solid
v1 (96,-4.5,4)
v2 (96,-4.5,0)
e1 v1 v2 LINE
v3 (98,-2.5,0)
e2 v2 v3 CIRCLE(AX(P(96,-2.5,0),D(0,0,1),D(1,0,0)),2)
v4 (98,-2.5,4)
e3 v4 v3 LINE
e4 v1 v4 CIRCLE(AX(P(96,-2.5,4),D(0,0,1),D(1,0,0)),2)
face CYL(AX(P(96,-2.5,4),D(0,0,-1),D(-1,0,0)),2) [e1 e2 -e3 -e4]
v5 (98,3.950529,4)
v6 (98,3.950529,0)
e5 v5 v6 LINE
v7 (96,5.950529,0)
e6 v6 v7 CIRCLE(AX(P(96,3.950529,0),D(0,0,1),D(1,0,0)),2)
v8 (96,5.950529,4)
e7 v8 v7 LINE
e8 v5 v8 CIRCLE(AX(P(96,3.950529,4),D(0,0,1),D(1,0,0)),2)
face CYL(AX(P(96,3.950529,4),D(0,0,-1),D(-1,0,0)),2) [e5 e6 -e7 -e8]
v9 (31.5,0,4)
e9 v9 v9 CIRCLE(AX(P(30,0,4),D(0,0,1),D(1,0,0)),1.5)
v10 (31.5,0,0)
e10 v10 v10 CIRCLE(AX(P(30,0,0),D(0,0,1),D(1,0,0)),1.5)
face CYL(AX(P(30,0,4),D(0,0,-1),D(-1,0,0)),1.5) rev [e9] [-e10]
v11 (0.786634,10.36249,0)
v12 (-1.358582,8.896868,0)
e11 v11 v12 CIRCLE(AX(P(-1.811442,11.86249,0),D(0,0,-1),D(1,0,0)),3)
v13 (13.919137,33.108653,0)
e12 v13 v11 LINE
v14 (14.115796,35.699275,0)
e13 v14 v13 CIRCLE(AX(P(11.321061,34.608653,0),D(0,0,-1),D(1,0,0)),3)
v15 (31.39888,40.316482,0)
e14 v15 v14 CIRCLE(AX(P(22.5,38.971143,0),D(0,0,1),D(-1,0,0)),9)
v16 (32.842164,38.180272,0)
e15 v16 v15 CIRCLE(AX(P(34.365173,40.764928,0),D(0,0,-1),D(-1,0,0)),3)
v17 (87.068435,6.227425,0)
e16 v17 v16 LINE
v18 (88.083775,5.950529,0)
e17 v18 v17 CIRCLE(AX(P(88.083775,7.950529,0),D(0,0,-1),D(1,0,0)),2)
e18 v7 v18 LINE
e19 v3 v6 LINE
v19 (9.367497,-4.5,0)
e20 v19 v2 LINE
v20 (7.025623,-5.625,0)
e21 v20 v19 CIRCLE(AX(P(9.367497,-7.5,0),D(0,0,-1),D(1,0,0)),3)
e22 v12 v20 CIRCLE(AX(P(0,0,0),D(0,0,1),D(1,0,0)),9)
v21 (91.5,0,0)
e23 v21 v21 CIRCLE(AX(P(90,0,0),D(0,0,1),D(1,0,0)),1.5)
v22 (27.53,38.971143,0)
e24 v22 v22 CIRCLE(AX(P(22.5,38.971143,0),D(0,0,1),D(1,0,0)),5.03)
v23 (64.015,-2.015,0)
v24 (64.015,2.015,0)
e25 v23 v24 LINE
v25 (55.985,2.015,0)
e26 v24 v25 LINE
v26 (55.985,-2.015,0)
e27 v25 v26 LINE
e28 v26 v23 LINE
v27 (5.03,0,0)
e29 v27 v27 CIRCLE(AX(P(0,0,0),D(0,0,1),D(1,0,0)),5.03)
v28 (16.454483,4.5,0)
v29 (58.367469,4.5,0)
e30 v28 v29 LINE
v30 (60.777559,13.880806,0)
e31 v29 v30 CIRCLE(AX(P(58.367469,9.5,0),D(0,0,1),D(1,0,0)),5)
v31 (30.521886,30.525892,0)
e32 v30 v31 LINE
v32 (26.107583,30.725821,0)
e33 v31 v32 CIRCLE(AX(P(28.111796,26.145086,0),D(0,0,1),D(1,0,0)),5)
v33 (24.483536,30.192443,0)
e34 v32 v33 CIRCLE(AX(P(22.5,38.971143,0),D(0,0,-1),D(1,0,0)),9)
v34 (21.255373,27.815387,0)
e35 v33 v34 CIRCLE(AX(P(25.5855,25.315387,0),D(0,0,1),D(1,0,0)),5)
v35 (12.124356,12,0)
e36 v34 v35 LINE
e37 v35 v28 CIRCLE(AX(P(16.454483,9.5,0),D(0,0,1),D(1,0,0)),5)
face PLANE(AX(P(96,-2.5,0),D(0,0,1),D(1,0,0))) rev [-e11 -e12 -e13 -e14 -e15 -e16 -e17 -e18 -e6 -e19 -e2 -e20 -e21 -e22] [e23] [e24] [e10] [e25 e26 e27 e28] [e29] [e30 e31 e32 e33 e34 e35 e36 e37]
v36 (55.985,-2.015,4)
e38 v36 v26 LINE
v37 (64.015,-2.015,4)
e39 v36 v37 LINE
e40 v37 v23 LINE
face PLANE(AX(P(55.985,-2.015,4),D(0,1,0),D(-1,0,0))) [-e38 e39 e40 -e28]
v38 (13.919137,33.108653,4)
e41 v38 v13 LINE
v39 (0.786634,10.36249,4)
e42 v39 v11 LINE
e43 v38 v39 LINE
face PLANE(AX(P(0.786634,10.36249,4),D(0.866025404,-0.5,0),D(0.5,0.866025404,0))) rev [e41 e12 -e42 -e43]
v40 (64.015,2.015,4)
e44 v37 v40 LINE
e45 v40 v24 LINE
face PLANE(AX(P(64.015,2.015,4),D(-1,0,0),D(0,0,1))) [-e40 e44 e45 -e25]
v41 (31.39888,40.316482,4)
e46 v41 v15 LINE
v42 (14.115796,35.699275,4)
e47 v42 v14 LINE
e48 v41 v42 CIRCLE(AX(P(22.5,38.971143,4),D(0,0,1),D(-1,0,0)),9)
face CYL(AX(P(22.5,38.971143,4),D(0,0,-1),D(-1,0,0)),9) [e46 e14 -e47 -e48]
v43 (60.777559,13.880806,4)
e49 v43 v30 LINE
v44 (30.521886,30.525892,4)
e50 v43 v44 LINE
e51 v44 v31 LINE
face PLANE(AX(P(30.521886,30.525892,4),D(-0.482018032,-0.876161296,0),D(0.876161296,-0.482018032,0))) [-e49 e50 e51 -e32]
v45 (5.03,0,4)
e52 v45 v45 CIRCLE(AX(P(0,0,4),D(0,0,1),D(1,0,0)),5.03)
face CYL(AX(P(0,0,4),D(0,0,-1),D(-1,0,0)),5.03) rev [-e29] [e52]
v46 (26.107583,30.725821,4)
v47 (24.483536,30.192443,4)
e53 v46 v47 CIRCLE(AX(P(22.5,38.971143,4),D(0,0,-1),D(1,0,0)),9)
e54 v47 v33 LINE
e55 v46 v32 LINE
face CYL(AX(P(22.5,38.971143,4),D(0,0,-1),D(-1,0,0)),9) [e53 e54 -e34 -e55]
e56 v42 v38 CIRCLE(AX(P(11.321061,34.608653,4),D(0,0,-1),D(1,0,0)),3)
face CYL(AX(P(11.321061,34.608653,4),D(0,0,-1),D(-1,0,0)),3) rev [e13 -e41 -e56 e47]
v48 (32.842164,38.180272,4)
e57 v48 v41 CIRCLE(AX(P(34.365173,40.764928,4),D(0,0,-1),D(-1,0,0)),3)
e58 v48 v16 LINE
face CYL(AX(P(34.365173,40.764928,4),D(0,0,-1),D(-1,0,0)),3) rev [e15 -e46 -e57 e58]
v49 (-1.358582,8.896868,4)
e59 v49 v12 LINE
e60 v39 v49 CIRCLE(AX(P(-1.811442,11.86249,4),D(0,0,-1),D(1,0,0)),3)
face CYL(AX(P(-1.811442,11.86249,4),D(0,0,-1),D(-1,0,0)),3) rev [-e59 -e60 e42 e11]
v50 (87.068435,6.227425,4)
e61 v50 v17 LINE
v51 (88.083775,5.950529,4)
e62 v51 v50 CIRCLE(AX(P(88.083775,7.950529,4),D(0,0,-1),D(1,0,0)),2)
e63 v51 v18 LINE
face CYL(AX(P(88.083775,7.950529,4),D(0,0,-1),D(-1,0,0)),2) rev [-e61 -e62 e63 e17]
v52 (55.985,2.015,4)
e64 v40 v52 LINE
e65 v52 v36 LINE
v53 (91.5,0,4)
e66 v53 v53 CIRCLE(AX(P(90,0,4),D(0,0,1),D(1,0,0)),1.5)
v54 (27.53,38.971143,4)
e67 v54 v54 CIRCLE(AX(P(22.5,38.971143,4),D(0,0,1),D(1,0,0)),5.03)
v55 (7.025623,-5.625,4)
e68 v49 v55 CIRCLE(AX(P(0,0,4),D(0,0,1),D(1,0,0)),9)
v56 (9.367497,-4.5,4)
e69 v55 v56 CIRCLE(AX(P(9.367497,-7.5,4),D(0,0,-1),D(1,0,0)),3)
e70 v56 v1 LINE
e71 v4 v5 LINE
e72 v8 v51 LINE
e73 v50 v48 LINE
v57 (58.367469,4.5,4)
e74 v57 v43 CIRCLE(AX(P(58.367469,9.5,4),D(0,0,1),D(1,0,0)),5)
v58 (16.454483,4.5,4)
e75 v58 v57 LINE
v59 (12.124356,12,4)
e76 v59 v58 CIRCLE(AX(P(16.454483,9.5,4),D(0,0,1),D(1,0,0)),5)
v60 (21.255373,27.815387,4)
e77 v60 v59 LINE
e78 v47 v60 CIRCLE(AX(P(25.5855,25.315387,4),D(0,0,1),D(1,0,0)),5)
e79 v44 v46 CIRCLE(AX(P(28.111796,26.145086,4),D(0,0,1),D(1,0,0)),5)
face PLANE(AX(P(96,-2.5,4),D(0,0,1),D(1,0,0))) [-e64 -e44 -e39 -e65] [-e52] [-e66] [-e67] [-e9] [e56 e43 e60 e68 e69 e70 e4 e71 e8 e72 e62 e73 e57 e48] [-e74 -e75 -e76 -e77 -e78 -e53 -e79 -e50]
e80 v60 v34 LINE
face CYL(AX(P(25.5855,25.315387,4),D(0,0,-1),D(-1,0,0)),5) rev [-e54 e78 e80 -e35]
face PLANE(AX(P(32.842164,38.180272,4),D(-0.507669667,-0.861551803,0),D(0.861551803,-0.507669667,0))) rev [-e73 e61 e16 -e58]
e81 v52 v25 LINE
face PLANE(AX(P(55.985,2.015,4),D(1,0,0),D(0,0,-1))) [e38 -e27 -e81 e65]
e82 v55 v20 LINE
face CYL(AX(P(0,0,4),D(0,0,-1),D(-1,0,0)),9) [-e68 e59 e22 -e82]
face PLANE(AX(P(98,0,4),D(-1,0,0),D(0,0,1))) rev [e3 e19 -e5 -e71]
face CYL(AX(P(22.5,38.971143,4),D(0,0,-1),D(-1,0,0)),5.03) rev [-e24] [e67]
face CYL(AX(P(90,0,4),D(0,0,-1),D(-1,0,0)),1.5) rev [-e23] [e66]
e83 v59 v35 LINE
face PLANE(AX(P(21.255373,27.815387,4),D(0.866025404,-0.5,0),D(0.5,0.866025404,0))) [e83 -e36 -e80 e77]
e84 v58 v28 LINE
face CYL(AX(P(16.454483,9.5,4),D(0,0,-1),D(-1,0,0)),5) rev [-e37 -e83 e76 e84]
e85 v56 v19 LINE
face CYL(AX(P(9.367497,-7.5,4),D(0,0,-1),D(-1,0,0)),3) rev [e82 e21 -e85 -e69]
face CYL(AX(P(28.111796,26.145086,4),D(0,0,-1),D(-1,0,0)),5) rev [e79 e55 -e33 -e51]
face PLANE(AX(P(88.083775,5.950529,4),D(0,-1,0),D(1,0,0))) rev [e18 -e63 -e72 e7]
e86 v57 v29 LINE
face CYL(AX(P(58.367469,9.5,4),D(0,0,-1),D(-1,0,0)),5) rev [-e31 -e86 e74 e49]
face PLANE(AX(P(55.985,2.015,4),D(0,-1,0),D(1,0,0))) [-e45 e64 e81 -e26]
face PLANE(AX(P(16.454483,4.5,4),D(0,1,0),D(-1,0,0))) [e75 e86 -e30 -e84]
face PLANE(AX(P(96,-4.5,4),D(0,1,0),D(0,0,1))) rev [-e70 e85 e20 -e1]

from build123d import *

# Parameters (mm, degrees)
SKETCH_1_R      = 5.03
SKETCH_1_R_2    = 1.5
SKETCH_1_W      = 8.03
SKETCH_1_H      = 4.03
EXTRUDE_1_DEPTH = 4


with BuildPart() as part:
    # 草图1 → 凸台-拉伸1 (new body)
    with BuildSketch(Plane.XY):
        with BuildLine():
            Line((87, -4.5), (9.367496998, -4.5))
            ThreePointArc((9.367496998, -4.5), (8.068458892, -4.795836543), (7.025622748, -5.625))
            ThreePointArc((7.025622748, -5.625), (-7.794228634, -4.5), (-1.358581522, 8.896867777))
            ThreePointArc((-1.358581522, 8.896867777), (-0.119086833, 9.385408641), (0.786634182, 10.36249037))
            Line((0.786634182, 10.36249037), (13.919137184, 33.108652801))
            ThreePointArc((13.919137184, 33.108652801), (14.312454275, 34.381571072), (14.11579573, 35.699275393))
            ThreePointArc((14.11579573, 35.699275393), (20.177098522, 47.666206639), (31.398879943, 40.316481698))
            ThreePointArc((31.398879943, 40.316481698), (31.879352208, 39.085435776), (32.842164256, 38.180272466))
            Line((32.842164256, 38.180272466), (87.068435314, 6.227425402))
            ThreePointArc((87.068435314, 6.227425402), (87.55756519, 6.02099445), (88.083774649, 5.950529007))
            Line((88.083774649, 5.950529007), (96, 5.950529007))
            ThreePointArc((96, 5.950529007), (97.414213562, 5.364742569), (98, 3.950529007))
            Line((98, 3.950529007), (98, 0))
            Line((98, 0), (98, -2.5))
            ThreePointArc((98, -2.5), (97.414213562, -3.914213562), (96, -4.5))
            Line((96, -4.5), (87, -4.5))
        make_face()
        Circle(SKETCH_1_R, mode=Mode.SUBTRACT)
        with Locations((22.5, 38.97114317)):
            Circle(SKETCH_1_R, mode=Mode.SUBTRACT)
        with Locations((30, 0)):
            Circle(SKETCH_1_R_2, mode=Mode.SUBTRACT)
        with Locations((90, 0)):
            Circle(SKETCH_1_R_2, mode=Mode.SUBTRACT)
        with Locations((60, 0)):
            Rectangle(SKETCH_1_W, SKETCH_1_H, mode=Mode.SUBTRACT)
        with BuildLine():
            Line((21.255373367, 27.815386605), (12.124355653, 12))
            ThreePointArc((12.124355653, 12), (12.124355653, 7), (16.454482672, 4.5))
            Line((16.454482672, 4.5), (58.367468971, 4.5))
            ThreePointArc((58.367468971, 4.5), (63.210197148, 8.25582003), (60.777559131, 13.880806481))
            Line((60.777559131, 13.880806481), (30.521886072, 30.525892321))
            ThreePointArc((30.521886072, 30.525892321), (28.338019103, 31.139965525), (26.107583087, 30.725820601))
            ThreePointArc((26.107583087, 30.725820601), (25.308251431, 30.420486827), (24.483535962, 30.192442521))
            ThreePointArc((24.483535962, 30.192442521), (22.620790776, 29.341612745), (21.255373367, 27.815386605))
        make_face(mode=Mode.SUBTRACT)
    extrude(amount=EXTRUDE_1_DEPTH)


solid = part.part
